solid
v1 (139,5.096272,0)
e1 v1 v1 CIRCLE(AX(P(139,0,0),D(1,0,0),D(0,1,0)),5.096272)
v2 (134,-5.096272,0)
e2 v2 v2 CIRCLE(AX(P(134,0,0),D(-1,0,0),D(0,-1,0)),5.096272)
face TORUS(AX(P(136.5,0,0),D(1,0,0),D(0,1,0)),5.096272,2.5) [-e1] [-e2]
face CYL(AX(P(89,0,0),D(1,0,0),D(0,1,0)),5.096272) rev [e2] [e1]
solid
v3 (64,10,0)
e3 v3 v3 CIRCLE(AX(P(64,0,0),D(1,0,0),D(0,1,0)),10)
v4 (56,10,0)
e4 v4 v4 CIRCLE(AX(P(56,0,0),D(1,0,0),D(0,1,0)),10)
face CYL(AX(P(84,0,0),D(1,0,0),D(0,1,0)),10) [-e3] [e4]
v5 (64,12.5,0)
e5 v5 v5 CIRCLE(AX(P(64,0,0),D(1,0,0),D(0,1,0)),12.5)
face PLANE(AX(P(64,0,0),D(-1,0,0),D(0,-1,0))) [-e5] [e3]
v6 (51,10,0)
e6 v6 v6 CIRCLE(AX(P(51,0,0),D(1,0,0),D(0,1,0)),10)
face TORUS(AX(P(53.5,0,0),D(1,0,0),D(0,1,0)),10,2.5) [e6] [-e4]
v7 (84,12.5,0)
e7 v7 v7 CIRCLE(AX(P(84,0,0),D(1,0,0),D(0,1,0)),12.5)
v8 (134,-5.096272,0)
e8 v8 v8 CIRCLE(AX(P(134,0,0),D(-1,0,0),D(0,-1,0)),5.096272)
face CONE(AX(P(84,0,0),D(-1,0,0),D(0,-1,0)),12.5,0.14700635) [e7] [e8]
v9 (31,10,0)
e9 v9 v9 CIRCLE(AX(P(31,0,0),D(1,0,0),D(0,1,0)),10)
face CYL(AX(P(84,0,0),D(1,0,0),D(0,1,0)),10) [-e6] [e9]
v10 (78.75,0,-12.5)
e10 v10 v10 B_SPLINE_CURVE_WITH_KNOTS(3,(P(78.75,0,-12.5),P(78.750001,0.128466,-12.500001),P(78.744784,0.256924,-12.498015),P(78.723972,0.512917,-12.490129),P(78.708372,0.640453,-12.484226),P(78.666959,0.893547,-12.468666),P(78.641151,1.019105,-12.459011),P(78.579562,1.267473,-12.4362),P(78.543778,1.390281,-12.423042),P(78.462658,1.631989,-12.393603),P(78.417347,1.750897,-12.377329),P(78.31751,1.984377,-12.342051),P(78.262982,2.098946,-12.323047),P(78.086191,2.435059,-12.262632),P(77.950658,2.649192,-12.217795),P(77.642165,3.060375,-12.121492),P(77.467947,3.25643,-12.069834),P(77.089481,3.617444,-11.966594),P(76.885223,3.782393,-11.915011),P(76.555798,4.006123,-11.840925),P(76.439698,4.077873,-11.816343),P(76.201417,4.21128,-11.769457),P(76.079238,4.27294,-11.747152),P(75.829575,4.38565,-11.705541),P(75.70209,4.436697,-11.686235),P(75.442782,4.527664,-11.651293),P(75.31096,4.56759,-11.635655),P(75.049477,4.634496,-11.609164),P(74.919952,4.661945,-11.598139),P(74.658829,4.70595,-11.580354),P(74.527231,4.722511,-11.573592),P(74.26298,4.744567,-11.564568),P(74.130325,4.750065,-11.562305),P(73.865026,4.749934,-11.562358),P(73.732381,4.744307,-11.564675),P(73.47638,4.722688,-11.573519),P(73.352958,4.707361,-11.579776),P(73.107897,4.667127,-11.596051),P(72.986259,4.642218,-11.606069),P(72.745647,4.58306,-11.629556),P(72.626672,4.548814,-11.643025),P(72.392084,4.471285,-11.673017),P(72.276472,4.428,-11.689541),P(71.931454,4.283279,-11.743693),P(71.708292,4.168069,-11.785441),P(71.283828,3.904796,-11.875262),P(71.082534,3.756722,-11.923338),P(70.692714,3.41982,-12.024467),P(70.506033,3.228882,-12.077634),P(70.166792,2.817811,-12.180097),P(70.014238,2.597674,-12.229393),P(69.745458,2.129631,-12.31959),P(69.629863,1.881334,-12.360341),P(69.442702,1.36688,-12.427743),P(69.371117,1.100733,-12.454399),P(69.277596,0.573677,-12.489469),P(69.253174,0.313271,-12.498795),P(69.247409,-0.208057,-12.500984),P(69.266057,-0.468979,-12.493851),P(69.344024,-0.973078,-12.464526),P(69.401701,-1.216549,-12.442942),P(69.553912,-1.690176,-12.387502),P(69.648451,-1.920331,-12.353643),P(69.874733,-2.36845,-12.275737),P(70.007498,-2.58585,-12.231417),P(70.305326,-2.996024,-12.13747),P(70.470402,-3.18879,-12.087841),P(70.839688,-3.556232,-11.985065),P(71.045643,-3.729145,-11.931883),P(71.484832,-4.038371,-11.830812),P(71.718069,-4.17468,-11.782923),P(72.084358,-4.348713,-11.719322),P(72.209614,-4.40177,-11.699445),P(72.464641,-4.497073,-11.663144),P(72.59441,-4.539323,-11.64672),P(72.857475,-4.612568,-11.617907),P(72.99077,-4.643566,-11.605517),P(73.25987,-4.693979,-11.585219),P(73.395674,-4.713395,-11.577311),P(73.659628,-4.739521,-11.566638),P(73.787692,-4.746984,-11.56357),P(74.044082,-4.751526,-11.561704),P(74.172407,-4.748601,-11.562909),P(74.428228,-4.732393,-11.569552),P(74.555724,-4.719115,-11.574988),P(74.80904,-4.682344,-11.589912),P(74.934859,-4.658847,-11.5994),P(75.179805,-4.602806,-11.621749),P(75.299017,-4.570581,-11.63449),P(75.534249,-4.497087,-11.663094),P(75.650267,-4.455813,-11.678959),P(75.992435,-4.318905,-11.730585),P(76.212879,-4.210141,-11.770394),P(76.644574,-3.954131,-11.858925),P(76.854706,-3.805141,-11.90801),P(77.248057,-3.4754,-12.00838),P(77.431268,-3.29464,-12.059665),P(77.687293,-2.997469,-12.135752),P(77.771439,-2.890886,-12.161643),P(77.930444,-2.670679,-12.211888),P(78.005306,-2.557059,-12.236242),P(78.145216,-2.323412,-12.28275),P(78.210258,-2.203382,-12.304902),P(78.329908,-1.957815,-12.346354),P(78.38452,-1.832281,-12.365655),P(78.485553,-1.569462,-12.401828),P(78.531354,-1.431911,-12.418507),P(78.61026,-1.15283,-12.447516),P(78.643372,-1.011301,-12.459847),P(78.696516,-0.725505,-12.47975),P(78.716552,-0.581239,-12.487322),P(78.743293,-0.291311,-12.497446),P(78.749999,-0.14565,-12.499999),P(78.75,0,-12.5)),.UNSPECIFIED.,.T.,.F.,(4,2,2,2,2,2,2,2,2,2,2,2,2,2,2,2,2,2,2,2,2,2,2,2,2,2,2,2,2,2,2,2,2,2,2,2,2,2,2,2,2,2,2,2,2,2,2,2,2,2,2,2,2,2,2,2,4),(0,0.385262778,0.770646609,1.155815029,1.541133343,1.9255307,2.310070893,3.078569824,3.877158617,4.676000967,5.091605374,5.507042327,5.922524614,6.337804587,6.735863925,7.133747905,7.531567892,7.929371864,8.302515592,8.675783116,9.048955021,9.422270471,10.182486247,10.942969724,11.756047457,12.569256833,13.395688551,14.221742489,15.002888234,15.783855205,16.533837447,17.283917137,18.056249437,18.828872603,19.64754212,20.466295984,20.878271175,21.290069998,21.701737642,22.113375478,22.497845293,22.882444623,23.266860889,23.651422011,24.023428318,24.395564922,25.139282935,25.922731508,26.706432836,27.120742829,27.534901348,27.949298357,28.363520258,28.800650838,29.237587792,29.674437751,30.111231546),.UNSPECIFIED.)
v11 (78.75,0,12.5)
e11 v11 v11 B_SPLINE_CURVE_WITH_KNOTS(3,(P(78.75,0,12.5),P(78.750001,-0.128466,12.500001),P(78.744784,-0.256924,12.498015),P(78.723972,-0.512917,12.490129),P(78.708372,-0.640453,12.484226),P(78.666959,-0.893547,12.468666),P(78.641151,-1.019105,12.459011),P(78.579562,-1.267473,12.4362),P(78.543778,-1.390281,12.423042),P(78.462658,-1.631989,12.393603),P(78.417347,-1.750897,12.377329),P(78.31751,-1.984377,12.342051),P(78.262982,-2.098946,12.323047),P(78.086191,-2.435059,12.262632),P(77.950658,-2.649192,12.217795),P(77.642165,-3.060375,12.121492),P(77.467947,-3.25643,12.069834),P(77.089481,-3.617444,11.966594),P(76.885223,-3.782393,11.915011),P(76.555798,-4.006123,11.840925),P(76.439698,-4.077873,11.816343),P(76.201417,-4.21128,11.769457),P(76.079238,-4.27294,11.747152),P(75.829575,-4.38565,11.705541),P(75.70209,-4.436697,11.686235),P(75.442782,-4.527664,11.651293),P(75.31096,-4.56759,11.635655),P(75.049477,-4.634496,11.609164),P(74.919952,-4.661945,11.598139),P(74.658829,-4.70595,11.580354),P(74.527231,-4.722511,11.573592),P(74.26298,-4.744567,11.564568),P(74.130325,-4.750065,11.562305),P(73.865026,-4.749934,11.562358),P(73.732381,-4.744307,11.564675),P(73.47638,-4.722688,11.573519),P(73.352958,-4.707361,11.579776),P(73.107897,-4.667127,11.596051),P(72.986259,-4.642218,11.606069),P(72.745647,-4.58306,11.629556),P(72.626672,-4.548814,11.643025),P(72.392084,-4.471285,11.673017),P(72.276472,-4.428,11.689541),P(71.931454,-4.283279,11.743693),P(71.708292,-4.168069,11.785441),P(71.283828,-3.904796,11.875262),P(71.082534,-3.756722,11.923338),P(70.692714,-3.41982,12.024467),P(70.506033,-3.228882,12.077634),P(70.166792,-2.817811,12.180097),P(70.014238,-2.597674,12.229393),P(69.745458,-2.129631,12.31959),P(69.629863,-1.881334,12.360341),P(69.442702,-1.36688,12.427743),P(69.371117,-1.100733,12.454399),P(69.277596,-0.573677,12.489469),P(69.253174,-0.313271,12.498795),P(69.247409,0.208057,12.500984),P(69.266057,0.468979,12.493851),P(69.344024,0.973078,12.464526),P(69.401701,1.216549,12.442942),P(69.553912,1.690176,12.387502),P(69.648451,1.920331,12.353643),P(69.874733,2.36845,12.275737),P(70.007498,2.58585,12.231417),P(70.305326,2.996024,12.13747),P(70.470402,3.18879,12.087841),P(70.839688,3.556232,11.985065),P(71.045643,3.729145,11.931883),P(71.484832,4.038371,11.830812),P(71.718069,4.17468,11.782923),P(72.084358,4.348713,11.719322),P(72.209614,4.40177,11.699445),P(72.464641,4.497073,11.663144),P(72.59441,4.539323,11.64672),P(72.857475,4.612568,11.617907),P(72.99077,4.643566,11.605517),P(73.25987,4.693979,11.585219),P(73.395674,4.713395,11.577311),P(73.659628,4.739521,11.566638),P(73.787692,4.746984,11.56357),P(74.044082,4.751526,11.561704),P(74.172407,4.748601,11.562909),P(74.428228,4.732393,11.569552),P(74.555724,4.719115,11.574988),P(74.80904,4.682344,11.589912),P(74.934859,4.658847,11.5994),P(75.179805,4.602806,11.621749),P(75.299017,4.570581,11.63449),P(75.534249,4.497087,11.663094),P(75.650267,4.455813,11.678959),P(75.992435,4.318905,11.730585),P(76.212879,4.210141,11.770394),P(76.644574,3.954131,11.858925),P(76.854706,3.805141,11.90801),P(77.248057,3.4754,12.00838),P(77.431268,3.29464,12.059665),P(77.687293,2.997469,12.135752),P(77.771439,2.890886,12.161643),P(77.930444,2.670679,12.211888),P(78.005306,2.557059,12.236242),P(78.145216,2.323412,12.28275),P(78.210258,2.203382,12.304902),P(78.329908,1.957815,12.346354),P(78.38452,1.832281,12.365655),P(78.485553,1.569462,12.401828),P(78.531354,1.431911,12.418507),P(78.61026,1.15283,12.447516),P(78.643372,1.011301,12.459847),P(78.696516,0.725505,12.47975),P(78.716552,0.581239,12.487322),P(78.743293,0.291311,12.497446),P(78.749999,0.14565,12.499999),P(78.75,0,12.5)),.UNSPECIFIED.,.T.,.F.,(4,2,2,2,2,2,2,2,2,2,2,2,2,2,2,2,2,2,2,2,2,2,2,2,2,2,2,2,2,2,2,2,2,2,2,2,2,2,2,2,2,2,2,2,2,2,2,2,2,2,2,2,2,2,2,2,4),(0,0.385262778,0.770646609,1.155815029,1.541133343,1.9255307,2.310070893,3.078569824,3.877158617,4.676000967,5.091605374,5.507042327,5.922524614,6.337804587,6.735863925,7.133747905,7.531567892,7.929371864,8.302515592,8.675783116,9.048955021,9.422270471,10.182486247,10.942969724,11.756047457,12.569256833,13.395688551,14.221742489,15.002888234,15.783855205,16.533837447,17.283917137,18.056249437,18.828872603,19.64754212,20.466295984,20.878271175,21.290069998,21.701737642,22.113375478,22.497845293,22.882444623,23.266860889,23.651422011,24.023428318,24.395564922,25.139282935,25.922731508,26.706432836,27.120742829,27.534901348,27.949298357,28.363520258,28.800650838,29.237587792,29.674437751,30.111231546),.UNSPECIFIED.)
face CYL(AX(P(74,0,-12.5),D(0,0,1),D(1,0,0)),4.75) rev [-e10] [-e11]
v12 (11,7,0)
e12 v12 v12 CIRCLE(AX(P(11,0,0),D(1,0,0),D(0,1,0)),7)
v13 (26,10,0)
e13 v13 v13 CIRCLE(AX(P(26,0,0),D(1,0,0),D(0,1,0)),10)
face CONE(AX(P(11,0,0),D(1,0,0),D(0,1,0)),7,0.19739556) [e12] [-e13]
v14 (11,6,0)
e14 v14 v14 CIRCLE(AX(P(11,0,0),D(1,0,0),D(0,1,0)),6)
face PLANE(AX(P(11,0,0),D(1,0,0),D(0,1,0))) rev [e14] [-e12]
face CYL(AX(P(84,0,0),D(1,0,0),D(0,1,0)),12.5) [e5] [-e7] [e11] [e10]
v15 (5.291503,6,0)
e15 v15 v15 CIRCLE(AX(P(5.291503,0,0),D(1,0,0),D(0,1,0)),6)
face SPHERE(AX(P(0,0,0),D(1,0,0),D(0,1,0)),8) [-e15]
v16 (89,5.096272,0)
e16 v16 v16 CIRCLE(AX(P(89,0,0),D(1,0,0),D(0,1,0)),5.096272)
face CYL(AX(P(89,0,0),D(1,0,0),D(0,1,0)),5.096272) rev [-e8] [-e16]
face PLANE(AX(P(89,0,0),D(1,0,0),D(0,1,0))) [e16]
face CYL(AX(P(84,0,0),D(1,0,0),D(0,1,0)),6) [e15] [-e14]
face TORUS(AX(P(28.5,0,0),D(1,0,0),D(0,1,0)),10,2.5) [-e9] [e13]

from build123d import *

# Parameters (mm, degrees)
CORTE_EXTRUS_O1_DEPTH      = 141.119591895
CORTE_EXTRUS_O1_DEPTH_BACK = 141.119591895
ESBO_O2_R                  = 4.75
ESBO_O3_R                  = 5.096271857
CORTE_EXTRUS_O2_DEPTH      = 50


with BuildPart() as part:
    # Esboço1 → Revolução2 (revolve)
    with BuildSketch(Plane.XY):
        with BuildLine():
            Line((11, 6), (5.291502622, 6))
            ThreePointArc((5.291502622, 6), (-3.291502622, 7.291502622), (-8, 0))
            Line((-8, 0), (5.291502622, 0))
            Line((5.291502622, 0), (11, 0))
            Line((11, 0), (26, 0))
            Line((26, 0), (31, 0))
            Line((31, 0), (51, 0))
            Line((51, 0), (56, 0))
            Line((56, 0), (64, 0))
            Line((64, 0), (84, 0))
            Line((84, 0), (139, 0))
            Line((139, 0), (139, 5.096271857))
            ThreePointArc((139, 5.096271857), (136.5, 7.596271857), (134, 5.096271857))
            Line((134, 5.096271857), (84, 12.5))
            Line((84, 12.5), (64.003354996, 12.5))
            Line((64.003354996, 12.5), (64, 12.5))
            Line((64, 12.5), (64, 10))
            Line((64, 10), (56, 10))
            ThreePointArc((56, 10), (53.5, 12.5), (51, 10))
            Line((51, 10), (31, 10))
            ThreePointArc((31, 10), (28.5, 12.5), (26, 10))
            Line((26, 10), (11, 7))
            Line((11, 7), (11, 6))
        make_face()
    revolve(axis=Axis((84, 0, 0), (-1, 0, 0)))

    # Esboço2 → Corte-extrusão1 (cut, two sides: drawn at the far end of the back side and taken through both)
    with BuildSketch(Plane.XY.offset(-CORTE_EXTRUS_O1_DEPTH_BACK)):
        with Locations((74, 0)):
            Circle(ESBO_O2_R)
    extrude(amount=CORTE_EXTRUS_O1_DEPTH + CORTE_EXTRUS_O1_DEPTH_BACK, mode=Mode.SUBTRACT)

    # Esboço3 → Corte-extrusão2 (cut)
    with BuildSketch(Plane(origin=(139, 0, 0), x_dir=(0, 0, -1), z_dir=(1, 0, 0))):
        with Locations(Location((0, 0, 0), (0, 0, 90))):
            Circle(ESBO_O3_R)
    extrude(amount=-CORTE_EXTRUS_O2_DEPTH, mode=Mode.SUBTRACT)


with BuildPart() as corte_extrus_o2_piece_1:
    # of the separate pieces the step leaves, piece 1, a body of its own (corte_extrus_o2_pieces)
    add(part.part.solids().sort_by_distance((26, 10, 0))[0])


with BuildPart() as corte_extrus_o2_piece_2:
    # of the separate pieces the step leaves, piece 2, a body of its own (corte_extrus_o2_pieces)
    add(part.part.solids().sort_by_distance((139, 5.096271857, 0))[0])


solid = Compound([corte_extrus_o2_piece_1.part, corte_extrus_o2_piece_2.part])
